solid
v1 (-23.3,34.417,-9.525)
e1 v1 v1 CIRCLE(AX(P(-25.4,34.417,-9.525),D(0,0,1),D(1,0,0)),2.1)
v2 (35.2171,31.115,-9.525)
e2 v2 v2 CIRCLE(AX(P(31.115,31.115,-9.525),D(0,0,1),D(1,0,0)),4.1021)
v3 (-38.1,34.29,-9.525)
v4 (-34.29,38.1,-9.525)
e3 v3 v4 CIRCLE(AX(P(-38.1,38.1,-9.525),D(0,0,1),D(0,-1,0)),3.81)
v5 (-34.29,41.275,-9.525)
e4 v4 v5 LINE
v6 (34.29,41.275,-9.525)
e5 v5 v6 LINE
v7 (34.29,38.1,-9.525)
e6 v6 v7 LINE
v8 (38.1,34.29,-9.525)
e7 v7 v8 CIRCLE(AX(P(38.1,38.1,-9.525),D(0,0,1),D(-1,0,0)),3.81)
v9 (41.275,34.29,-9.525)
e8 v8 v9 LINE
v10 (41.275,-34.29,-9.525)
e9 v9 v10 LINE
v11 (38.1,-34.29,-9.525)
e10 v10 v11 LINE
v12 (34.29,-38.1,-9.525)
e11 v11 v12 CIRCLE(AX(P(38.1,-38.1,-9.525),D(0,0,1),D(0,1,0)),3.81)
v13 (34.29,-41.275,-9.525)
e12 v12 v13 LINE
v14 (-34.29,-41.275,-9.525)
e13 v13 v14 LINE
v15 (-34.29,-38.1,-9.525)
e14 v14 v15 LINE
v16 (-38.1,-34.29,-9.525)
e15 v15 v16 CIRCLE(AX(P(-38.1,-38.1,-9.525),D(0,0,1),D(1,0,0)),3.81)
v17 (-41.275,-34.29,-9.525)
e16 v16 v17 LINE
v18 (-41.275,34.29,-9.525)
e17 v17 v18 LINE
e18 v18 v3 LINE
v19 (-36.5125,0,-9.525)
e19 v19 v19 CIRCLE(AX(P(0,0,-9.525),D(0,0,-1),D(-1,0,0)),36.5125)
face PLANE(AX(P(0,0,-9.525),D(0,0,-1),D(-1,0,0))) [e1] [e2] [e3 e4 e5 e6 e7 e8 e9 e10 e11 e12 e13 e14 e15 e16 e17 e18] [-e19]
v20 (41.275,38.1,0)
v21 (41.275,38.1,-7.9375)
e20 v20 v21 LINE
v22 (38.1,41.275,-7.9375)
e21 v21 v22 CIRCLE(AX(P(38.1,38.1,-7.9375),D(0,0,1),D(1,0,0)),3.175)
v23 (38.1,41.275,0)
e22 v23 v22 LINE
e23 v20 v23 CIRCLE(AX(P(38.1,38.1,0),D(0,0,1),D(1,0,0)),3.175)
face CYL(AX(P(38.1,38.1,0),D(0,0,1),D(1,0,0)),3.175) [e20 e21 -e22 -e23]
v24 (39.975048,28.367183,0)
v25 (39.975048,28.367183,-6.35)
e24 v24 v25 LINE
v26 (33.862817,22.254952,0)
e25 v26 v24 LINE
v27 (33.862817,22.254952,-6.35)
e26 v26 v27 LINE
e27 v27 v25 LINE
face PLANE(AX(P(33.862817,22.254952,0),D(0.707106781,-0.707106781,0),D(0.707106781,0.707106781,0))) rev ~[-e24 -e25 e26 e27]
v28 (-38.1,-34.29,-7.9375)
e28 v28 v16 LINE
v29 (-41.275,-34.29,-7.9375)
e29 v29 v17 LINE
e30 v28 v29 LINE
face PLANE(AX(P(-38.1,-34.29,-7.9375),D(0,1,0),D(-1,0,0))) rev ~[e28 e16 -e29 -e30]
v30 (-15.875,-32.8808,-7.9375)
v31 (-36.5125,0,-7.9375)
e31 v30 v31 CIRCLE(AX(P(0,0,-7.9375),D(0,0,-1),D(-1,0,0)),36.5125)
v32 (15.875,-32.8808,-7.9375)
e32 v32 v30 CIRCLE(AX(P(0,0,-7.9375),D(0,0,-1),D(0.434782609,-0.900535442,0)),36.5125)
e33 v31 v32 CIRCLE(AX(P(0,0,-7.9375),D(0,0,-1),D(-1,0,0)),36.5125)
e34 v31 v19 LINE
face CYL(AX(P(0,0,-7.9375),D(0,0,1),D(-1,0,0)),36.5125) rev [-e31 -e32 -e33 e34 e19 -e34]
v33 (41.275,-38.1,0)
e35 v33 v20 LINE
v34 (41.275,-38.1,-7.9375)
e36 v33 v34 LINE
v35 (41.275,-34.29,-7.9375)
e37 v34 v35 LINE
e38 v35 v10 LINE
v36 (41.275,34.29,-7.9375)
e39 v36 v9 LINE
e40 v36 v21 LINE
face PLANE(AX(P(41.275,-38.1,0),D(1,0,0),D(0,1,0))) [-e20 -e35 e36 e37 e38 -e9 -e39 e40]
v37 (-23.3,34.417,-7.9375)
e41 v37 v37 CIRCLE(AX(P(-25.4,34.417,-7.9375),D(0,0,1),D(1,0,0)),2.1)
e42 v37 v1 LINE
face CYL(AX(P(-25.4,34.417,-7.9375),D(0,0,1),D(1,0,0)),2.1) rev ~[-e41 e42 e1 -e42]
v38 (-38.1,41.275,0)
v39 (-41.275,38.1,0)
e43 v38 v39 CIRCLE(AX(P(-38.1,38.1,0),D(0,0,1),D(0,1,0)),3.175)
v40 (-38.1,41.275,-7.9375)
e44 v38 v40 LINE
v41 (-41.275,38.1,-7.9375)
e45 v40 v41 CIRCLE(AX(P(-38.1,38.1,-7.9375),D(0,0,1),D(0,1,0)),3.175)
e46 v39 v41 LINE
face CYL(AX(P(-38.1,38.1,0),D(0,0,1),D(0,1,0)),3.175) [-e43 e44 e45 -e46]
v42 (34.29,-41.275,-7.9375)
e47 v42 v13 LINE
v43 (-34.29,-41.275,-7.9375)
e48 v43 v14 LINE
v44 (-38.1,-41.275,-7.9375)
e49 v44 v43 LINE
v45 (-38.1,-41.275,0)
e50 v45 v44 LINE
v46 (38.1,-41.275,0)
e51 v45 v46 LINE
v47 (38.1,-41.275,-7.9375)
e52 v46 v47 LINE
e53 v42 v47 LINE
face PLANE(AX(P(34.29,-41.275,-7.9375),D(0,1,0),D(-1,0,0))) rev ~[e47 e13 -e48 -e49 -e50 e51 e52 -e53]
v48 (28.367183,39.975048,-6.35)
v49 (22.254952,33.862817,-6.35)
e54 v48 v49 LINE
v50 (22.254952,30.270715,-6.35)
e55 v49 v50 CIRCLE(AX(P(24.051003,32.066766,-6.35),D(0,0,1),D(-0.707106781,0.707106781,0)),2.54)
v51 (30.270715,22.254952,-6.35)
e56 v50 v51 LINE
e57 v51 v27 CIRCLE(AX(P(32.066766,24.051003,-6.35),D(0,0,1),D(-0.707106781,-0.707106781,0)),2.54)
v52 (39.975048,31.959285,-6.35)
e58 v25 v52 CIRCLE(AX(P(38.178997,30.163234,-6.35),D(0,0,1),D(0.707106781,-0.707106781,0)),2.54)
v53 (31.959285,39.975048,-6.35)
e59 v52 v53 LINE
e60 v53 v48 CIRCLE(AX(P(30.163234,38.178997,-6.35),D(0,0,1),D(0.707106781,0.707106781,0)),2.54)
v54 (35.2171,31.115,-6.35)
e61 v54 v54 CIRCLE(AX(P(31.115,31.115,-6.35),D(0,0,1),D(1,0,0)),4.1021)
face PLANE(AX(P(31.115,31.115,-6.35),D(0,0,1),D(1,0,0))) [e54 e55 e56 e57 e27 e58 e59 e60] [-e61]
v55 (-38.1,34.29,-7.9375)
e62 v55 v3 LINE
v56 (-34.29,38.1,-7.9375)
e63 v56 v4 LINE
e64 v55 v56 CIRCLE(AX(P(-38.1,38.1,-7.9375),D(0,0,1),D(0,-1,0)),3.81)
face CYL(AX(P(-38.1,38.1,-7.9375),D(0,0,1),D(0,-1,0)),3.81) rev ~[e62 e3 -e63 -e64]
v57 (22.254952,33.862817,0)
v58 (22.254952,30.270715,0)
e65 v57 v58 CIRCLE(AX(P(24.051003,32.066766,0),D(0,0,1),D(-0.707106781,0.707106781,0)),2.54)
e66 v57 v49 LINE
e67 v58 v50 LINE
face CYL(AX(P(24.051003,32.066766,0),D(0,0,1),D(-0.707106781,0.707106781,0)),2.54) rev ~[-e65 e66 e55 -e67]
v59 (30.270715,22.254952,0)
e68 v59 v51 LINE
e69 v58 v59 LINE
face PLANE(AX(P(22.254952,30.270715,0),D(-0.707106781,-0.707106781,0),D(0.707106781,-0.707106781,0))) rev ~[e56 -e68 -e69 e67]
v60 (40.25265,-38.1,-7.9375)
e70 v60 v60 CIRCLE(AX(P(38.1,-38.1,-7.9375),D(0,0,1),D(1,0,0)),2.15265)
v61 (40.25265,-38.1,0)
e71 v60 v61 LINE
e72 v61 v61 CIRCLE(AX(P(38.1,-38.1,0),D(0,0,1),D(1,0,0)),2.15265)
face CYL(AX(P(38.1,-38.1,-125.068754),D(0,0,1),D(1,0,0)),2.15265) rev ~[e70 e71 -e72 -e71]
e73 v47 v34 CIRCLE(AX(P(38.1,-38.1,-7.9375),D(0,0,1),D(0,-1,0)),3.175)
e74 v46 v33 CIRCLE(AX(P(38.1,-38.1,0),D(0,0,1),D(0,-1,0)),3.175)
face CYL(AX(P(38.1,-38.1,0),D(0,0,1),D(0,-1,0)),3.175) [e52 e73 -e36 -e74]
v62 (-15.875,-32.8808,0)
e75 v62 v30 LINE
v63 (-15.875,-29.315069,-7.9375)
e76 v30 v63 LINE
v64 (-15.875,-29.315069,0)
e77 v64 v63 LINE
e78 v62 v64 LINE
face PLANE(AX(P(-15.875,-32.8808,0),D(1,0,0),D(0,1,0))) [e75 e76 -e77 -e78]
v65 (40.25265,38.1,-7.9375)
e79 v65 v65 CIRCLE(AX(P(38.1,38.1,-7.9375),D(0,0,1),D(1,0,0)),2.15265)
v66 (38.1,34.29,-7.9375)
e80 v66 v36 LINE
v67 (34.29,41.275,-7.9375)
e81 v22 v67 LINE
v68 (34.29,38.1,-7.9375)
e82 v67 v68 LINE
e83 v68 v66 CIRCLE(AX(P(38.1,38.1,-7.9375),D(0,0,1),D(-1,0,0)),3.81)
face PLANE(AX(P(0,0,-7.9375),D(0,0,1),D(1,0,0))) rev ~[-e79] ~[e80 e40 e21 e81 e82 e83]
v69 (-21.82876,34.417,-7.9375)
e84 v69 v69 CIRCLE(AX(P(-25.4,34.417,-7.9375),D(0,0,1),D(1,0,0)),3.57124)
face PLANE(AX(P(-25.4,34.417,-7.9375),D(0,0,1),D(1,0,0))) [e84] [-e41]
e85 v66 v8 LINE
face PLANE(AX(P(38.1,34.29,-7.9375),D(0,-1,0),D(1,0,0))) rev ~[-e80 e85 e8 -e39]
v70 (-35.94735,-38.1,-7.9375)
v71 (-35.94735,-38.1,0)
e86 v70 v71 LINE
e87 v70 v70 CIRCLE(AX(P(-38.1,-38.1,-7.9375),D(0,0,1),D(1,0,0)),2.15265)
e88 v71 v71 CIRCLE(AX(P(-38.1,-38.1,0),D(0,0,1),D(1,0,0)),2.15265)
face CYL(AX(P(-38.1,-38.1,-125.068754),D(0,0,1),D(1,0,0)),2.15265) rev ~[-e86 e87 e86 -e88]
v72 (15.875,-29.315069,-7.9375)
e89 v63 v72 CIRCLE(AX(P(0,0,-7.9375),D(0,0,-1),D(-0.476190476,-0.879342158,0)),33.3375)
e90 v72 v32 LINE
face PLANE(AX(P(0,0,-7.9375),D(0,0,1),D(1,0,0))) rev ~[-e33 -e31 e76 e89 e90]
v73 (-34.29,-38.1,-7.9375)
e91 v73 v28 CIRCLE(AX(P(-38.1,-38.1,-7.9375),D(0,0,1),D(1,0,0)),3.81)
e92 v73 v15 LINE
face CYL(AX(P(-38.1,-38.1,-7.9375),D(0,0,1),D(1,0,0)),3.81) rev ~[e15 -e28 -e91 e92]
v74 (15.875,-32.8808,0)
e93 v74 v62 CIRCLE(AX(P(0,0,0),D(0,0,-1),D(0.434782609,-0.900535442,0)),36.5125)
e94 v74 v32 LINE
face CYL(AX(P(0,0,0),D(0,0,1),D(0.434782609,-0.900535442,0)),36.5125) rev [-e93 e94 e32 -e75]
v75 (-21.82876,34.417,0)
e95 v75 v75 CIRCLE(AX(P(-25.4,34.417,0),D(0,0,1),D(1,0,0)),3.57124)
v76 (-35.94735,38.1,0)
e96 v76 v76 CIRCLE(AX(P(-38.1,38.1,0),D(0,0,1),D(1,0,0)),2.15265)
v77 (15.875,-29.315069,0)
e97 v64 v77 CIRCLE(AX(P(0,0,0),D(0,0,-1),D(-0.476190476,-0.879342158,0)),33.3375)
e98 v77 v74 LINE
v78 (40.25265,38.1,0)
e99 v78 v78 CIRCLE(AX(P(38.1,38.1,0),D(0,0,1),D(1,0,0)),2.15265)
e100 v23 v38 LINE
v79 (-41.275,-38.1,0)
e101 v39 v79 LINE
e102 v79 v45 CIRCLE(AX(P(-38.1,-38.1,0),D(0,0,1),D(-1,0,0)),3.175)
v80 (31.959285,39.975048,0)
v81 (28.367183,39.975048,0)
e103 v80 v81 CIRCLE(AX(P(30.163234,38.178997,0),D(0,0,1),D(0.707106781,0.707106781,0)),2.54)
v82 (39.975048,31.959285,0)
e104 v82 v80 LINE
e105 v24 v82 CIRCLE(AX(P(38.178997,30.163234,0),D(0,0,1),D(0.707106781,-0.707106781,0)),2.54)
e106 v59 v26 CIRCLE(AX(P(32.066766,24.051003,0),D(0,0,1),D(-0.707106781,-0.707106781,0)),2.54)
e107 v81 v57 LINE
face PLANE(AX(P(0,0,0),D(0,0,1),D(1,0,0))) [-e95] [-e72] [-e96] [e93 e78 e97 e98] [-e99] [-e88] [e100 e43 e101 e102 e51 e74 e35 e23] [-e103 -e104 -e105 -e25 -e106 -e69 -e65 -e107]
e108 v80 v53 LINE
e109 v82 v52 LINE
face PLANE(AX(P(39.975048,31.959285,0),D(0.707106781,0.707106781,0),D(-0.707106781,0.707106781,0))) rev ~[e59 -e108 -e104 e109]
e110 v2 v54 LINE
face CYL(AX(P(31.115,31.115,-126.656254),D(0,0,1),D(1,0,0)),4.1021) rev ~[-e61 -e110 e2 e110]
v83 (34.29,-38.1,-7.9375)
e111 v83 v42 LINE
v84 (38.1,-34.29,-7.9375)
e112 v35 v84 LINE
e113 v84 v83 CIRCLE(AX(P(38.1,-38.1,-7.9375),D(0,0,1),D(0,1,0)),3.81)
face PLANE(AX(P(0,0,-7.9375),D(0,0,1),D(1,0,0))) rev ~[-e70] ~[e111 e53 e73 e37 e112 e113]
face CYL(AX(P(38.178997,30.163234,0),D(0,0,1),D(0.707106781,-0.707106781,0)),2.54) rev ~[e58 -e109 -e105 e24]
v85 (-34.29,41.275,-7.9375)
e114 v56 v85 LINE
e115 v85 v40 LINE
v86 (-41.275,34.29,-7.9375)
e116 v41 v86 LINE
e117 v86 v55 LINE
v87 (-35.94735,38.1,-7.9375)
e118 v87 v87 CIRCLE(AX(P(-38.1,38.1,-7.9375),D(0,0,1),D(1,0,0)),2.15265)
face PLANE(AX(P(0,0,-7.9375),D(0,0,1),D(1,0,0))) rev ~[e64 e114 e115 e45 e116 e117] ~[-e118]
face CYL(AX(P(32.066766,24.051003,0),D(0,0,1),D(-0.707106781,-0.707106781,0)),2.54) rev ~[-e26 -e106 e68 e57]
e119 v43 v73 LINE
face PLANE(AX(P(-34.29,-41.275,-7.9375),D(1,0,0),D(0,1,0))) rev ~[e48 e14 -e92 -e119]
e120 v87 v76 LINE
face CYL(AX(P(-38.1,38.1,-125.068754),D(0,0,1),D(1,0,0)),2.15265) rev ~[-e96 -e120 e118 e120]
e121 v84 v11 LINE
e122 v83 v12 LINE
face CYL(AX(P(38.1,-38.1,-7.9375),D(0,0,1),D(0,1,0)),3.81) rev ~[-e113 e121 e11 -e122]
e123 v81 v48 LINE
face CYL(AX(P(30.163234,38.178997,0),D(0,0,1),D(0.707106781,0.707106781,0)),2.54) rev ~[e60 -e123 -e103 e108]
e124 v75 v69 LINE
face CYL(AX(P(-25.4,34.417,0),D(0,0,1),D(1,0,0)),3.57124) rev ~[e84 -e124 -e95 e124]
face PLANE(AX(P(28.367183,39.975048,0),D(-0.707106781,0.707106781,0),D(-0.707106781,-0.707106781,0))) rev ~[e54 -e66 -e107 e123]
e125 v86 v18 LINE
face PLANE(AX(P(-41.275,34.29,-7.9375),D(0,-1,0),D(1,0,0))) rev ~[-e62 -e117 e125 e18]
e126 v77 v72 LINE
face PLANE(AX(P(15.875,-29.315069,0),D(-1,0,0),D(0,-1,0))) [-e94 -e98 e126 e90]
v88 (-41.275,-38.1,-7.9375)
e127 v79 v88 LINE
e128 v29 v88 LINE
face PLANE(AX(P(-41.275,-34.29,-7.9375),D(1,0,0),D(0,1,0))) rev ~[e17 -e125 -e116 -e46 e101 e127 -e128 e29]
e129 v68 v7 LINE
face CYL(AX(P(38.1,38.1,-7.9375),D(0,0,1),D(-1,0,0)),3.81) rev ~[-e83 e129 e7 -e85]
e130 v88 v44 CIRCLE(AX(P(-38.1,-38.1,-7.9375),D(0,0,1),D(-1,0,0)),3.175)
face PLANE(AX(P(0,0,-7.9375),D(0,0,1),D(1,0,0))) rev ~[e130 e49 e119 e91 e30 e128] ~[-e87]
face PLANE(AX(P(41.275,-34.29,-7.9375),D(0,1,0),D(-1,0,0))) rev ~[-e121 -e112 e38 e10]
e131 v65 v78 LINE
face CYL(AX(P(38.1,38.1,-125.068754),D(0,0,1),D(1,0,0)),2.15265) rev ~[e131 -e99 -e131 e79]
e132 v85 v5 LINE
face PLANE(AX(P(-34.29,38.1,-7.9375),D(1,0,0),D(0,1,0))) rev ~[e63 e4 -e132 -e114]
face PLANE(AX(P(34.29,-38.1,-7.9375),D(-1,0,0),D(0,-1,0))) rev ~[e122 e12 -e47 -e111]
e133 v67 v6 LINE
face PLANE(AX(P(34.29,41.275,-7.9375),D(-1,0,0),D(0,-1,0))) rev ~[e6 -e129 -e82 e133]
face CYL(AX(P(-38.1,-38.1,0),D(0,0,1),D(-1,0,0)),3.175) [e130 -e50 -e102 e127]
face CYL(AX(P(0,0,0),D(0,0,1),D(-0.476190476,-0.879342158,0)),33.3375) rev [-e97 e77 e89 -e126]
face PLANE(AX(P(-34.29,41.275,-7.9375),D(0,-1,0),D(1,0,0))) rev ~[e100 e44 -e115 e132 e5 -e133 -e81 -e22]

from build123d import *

# Parameters (mm, degrees)
BOSS_EXTRUDE1_DEPTH      = 7.9375
SKETCH2_R                = 36.5125
BOSS_EXTRUDE2_DEPTH      = 1.5875
F_6_CLEARANCE_HOLE1_D    = 4.3053
SKETCH5_R                = 3.57124
CUT_EXTRUDE1_DEPTH       = 7.9375
CUT_EXTRUDE2_REACH       = 3.588
SKETCH6_R                = 2.1
CUT_EXTRUDE3_DEPTH       = 6.35
F_5_16_CLEARANCE_HOLE1_D = 8.2042


with BuildPart() as part:
    # Sketch1 → Boss-Extrude1 (new body)
    with BuildSketch(Plane.XY):
        with BuildLine():
            Line((-38.1, -41.275), (38.1, -41.275))
            ThreePointArc((38.1, -41.275), (40.34506403, -40.34506403), (41.275, -38.1))
            Line((41.275, -38.1), (41.275, 38.1))
            ThreePointArc((41.275, 38.1), (40.34506403, 40.34506403), (38.1, 41.275))
            Line((38.1, 41.275), (-38.1, 41.275))
            ThreePointArc((-38.1, 41.275), (-40.34506403, 40.34506403), (-41.275, 38.1))
            Line((-41.275, 38.1), (-41.275, -38.1))
            ThreePointArc((-41.275, -38.1), (-40.34506403, -40.34506403), (-38.1, -41.275))
        make_face()
        with BuildLine():
            Line((15.875, -29.315069184), (15.875, -32.880800344))
            ThreePointArc((15.875, -32.880800344), (0, -36.5125), (-15.875, -32.880800344))
            Line((-15.875, -32.880800344), (-15.875, -29.315069184))
            ThreePointArc((-15.875, -29.315069184), (0, 33.3375), (15.875, -29.315069184))
        make_face(mode=Mode.SUBTRACT)
    extrude(amount=-BOSS_EXTRUDE1_DEPTH)

    # Sketch2 → Boss-Extrude2 (add)
    with BuildSketch(Plane(origin=(0, 0, -7.9375), x_dir=(-1, 0, 0), z_dir=(0, 0, -1))):
        with BuildLine():
            Line((-34.290000001, -38.1), (-34.290000001, -41.275))
            Line((-34.290000001, -41.275), (34.289999999, -41.275))
            Line((34.289999999, -41.275), (34.289999999, -38.1))
            ThreePointArc((34.289999999, -38.1), (35.405923163, -35.405923164), (38.099999999, -34.29))
            Line((38.099999999, -34.29), (41.274999999, -34.29))
            Line((41.274999999, -34.29), (41.274999999, 34.29))
            Line((41.274999999, 34.29), (38.099999999, 34.29))
            ThreePointArc((38.099999999, 34.29), (35.405923163, 35.405923164), (34.289999999, 38.1))
            Line((34.289999999, 38.1), (34.289999999, 41.275))
            Line((34.289999999, 41.275), (-34.290000001, 41.275))
            Line((-34.290000001, 41.275), (-34.290000001, 38.1))
            ThreePointArc((-34.290000001, 38.1), (-35.405923165, 35.405923164), (-38.100000001, 34.29))
            Line((-38.100000001, 34.29), (-41.275000001, 34.29))
            Line((-41.275000001, 34.29), (-41.275000001, -34.29))
            Line((-41.275000001, -34.29), (-38.100000001, -34.29))
            ThreePointArc((-38.100000001, -34.29), (-35.405923165, -35.405923164), (-34.290000001, -38.1))
        make_face()
        Circle(SKETCH2_R, mode=Mode.SUBTRACT)
    extrude(amount=BOSS_EXTRUDE2_DEPTH)

    # #6 Clearance Hole1 (through all)
    with Locations(Plane(origin=(0, 0, -7.9375), x_dir=(-1, 0, 0), z_dir=(0, 0, -1))):
        with Locations((-38.1, 38.1), (38.099999999, 38.1), (38.1, -38.1), (-38.1, -38.1)):
            Hole(F_6_CLEARANCE_HOLE1_D / 2)

    # Sketch5 → Cut-Extrude1 (cut)
    with BuildSketch(Plane.XY):
        with Locations((-25.4, 34.417)):
            Circle(SKETCH5_R)
    extrude(amount=-CUT_EXTRUDE1_DEPTH, mode=Mode.SUBTRACT)

    # Sketch6 → Cut-Extrude2 (cut, up to next)
    with BuildSketch(Plane.XY.offset(-7.9375), mode=Mode.PRIVATE) as cut_extrude2_sk1:
        with Locations((-25.4, 34.417)):
            Circle(SKETCH6_R)
    cut_extrude2_tool1 = extrude(cut_extrude2_sk1.sketch, amount=-CUT_EXTRUDE2_REACH, mode=Mode.PRIVATE) & part.part
    add(cut_extrude2_tool1.solids().sort_by_distance((-25.4, 34.417, -7.9375))[0], mode=Mode.SUBTRACT)

    # Sketch7 → Cut-Extrude3 (cut)
    with BuildSketch(Plane.XY):
        with BuildLine():
            Line((22.254952032, 30.270714503), (30.270714503, 22.254952032))
            ThreePointArc((30.270714503, 22.254952032), (32.066765727, 21.511003256), (33.862816952, 22.254952032))
            Line((33.862816952, 22.254952032), (39.975047968, 28.367183048))
            ThreePointArc((39.975047968, 28.367183048), (40.718996744, 30.163234273), (39.975047968, 31.959285497))
            Line((39.975047968, 31.959285497), (31.959285497, 39.975047968))
            ThreePointArc((31.959285497, 39.975047968), (30.163234273, 40.718996744), (28.367183048, 39.975047968))
            Line((28.367183048, 39.975047968), (22.254952032, 33.862816952))
            ThreePointArc((22.254952032, 33.862816952), (21.511003256, 32.066765727), (22.254952032, 30.270714503))
        make_face()
    extrude(amount=-CUT_EXTRUDE3_DEPTH, mode=Mode.SUBTRACT)

    # 5/16 Clearance Hole1 (through all)
    with Locations(Plane(origin=(0, 0, -9.525), x_dir=(-1, 0, 0), z_dir=(0, 0, -1))):
        with Locations((-31.115, 31.115)):
            Hole(F_5_16_CLEARANCE_HOLE1_D / 2)


solid = part.part
